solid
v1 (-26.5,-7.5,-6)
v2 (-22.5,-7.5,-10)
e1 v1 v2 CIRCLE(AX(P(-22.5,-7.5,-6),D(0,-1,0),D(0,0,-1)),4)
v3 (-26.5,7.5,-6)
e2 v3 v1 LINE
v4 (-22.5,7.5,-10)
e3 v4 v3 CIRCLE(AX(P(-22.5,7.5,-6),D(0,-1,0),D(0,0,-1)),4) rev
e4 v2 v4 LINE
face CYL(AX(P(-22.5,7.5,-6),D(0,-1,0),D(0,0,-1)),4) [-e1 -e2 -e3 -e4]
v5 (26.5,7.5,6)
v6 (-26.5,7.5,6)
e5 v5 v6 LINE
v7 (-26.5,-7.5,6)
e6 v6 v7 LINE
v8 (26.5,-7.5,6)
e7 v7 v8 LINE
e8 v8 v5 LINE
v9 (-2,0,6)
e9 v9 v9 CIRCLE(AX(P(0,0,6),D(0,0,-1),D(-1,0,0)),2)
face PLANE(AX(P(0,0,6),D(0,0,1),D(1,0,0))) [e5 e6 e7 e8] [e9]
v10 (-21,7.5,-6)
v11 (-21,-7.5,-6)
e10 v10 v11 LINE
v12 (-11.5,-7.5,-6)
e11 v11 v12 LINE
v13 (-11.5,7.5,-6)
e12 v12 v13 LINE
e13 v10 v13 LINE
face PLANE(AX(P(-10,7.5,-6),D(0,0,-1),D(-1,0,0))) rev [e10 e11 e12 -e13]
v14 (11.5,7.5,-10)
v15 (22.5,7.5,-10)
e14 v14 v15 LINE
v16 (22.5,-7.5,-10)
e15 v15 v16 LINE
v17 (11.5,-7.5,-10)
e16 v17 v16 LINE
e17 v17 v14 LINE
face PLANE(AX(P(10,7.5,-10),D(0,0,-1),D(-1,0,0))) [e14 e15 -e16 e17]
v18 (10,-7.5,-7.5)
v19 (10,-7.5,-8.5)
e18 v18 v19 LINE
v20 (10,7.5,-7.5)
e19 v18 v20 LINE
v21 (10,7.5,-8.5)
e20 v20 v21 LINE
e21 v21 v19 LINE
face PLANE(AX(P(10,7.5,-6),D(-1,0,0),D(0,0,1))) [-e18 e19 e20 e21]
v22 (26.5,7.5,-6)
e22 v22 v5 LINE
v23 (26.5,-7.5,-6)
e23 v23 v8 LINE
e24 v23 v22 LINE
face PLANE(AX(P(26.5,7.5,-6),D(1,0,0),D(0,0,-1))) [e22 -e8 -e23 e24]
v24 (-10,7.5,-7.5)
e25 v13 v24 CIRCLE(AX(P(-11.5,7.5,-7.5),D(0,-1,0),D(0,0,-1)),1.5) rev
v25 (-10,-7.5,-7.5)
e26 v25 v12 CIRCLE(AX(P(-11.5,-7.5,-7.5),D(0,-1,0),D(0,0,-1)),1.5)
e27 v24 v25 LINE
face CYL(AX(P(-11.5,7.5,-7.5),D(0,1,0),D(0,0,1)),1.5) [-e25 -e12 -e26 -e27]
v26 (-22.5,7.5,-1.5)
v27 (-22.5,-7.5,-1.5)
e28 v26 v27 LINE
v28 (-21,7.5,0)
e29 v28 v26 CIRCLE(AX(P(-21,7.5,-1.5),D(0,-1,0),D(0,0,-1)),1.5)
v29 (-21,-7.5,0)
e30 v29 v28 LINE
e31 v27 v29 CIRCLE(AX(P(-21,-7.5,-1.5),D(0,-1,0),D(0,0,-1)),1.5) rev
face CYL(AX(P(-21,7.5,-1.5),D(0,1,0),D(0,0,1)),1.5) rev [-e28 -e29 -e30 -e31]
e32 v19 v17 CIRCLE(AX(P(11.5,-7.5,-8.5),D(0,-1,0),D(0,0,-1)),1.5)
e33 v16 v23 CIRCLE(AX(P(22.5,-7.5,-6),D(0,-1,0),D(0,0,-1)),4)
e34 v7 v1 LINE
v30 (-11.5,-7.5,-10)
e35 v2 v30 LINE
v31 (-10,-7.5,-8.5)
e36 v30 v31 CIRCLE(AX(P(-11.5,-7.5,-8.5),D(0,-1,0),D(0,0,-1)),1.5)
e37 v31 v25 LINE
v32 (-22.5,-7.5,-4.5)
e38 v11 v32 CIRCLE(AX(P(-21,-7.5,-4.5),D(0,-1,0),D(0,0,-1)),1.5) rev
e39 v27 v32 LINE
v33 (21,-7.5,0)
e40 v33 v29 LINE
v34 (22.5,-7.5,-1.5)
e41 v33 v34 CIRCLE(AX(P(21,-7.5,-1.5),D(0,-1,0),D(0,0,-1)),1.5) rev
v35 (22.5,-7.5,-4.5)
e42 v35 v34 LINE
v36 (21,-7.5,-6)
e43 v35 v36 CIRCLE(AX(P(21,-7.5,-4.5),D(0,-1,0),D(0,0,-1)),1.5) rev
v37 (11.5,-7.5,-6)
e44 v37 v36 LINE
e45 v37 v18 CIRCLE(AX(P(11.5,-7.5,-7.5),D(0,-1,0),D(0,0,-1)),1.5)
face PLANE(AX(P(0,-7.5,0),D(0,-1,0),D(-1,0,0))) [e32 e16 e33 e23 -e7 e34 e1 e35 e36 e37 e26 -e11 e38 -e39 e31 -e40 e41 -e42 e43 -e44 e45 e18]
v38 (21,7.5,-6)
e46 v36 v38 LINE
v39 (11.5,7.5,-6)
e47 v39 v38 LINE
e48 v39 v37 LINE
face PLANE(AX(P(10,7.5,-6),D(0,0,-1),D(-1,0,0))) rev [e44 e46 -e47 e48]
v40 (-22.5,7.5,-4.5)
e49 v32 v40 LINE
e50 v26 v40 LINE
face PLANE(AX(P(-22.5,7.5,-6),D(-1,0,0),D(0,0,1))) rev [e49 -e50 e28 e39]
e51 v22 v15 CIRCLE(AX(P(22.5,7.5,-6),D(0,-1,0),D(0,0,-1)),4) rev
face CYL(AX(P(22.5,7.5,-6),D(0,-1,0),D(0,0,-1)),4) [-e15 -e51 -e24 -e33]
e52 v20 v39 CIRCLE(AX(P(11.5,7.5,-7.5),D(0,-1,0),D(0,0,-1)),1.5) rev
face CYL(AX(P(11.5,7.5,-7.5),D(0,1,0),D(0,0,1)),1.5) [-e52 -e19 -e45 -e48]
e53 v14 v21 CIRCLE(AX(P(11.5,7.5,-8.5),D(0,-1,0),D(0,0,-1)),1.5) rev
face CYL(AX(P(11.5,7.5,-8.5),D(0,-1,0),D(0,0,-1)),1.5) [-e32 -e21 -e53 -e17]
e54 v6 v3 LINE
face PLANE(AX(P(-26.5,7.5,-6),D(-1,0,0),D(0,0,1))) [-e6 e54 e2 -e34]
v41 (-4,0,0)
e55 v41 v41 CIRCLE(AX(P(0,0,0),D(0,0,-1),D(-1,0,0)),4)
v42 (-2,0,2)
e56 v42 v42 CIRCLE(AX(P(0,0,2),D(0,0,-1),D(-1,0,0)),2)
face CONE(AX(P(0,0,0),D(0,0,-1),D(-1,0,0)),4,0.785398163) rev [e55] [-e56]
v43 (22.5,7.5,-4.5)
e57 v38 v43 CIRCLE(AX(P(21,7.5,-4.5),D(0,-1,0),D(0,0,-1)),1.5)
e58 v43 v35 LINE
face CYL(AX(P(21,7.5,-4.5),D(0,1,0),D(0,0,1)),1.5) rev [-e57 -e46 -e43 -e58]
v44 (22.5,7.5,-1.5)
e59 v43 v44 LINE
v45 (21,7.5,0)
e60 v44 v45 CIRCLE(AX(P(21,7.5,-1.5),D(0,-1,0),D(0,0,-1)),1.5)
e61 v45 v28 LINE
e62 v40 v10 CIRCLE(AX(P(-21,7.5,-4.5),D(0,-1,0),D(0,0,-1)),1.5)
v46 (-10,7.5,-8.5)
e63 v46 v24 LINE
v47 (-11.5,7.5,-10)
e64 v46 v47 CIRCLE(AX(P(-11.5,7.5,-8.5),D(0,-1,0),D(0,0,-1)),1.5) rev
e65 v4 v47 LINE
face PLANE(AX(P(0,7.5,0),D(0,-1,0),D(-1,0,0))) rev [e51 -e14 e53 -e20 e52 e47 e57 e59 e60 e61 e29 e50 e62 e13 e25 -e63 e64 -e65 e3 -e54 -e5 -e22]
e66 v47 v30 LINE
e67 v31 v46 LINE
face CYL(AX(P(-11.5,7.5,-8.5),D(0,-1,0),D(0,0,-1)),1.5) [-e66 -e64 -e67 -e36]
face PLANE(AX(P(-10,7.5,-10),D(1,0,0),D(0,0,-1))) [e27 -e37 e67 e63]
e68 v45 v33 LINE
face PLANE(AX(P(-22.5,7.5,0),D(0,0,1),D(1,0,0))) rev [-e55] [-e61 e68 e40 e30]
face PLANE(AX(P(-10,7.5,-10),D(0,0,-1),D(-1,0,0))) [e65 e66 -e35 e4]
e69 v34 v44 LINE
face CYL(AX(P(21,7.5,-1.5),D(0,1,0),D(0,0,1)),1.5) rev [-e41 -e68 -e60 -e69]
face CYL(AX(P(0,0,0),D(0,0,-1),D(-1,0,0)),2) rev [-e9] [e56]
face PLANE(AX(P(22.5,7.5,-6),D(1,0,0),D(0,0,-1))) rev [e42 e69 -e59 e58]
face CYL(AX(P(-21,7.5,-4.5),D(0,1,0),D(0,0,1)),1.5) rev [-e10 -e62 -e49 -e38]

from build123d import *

# Parameters (mm, degrees)
EXTRU_MINCE1_DEPTH                             = 7.5
ESQUISSE4_W                                    = 53
ESQUISSE4_H                                    = 15
BOSS_EXTRU_1_DEPTH                             = 2
FRAISAGE_POUR_VIS_T_TE_FRAIS_E_M41_D           = 4
FRAISAGE_POUR_VIS_T_TE_FRAIS_E_M41_CSINK_D     = 8
FRAISAGE_POUR_VIS_T_TE_FRAIS_E_M41_CSINK_ANGLE = 90
CONG_1_R                                       = 1.5
CONG_2_R                                       = 4


with BuildPart() as part:
    # Esquisse1 → Extru.-Mince1 (new, symmetric)
    with BuildSketch(Plane(origin=(0, 0, 0), x_dir=(1, 0, 0), z_dir=(0, 1, 0))):
        Polygon((-10, 6), (-22.5, 6), (-22.5, 0), (22.5, 0), (22.5, 6), (10, 6), (10, 10), (26.5, 10), (26.5, -4), (-26.5, -4), (-26.5, 10), (-10, 10), align=None)
    extrude(amount=EXTRU_MINCE1_DEPTH, both=True)

    # Esquisse4 → Boss.-Extru.1 (add)
    with BuildSketch(Plane.XY.offset(4)):
        Rectangle(ESQUISSE4_W, ESQUISSE4_H)
    extrude(amount=BOSS_EXTRU_1_DEPTH)

    # Fraisage pour vis à tête fraisée M41 (through all)
    with Locations(Plane(origin=(0, 0, 0), x_dir=(-1, 0, 0), z_dir=(0, 0, -1))):
        with Locations((0, 0)):
            CounterSinkHole(FRAISAGE_POUR_VIS_T_TE_FRAIS_E_M41_D / 2, FRAISAGE_POUR_VIS_T_TE_FRAIS_E_M41_CSINK_D / 2, counter_sink_angle=FRAISAGE_POUR_VIS_T_TE_FRAIS_E_M41_CSINK_ANGLE)

    # Congé1
    cong_1_edges = [part.edges().sort_by_distance(p)[0] for p in [
        (-22.5, 0, -6),
        (-22.5, 0, 0),
        (22.5, 0, 0),
        (22.5, 0, -6),
        (10, 0, -6),
        (10, 0, -10),
        (-10, 0, -10),
        (-10, 0, -6),
    ]]
    fillet(cong_1_edges, radius=CONG_1_R)

    # Congé2
    cong_2_edges = [part.edges().sort_by_distance(p)[0] for p in [
        (26.5, 0, -10),
        (-26.5, 0, -10),
    ]]
    fillet(cong_2_edges, radius=CONG_2_R)


solid = part.part
